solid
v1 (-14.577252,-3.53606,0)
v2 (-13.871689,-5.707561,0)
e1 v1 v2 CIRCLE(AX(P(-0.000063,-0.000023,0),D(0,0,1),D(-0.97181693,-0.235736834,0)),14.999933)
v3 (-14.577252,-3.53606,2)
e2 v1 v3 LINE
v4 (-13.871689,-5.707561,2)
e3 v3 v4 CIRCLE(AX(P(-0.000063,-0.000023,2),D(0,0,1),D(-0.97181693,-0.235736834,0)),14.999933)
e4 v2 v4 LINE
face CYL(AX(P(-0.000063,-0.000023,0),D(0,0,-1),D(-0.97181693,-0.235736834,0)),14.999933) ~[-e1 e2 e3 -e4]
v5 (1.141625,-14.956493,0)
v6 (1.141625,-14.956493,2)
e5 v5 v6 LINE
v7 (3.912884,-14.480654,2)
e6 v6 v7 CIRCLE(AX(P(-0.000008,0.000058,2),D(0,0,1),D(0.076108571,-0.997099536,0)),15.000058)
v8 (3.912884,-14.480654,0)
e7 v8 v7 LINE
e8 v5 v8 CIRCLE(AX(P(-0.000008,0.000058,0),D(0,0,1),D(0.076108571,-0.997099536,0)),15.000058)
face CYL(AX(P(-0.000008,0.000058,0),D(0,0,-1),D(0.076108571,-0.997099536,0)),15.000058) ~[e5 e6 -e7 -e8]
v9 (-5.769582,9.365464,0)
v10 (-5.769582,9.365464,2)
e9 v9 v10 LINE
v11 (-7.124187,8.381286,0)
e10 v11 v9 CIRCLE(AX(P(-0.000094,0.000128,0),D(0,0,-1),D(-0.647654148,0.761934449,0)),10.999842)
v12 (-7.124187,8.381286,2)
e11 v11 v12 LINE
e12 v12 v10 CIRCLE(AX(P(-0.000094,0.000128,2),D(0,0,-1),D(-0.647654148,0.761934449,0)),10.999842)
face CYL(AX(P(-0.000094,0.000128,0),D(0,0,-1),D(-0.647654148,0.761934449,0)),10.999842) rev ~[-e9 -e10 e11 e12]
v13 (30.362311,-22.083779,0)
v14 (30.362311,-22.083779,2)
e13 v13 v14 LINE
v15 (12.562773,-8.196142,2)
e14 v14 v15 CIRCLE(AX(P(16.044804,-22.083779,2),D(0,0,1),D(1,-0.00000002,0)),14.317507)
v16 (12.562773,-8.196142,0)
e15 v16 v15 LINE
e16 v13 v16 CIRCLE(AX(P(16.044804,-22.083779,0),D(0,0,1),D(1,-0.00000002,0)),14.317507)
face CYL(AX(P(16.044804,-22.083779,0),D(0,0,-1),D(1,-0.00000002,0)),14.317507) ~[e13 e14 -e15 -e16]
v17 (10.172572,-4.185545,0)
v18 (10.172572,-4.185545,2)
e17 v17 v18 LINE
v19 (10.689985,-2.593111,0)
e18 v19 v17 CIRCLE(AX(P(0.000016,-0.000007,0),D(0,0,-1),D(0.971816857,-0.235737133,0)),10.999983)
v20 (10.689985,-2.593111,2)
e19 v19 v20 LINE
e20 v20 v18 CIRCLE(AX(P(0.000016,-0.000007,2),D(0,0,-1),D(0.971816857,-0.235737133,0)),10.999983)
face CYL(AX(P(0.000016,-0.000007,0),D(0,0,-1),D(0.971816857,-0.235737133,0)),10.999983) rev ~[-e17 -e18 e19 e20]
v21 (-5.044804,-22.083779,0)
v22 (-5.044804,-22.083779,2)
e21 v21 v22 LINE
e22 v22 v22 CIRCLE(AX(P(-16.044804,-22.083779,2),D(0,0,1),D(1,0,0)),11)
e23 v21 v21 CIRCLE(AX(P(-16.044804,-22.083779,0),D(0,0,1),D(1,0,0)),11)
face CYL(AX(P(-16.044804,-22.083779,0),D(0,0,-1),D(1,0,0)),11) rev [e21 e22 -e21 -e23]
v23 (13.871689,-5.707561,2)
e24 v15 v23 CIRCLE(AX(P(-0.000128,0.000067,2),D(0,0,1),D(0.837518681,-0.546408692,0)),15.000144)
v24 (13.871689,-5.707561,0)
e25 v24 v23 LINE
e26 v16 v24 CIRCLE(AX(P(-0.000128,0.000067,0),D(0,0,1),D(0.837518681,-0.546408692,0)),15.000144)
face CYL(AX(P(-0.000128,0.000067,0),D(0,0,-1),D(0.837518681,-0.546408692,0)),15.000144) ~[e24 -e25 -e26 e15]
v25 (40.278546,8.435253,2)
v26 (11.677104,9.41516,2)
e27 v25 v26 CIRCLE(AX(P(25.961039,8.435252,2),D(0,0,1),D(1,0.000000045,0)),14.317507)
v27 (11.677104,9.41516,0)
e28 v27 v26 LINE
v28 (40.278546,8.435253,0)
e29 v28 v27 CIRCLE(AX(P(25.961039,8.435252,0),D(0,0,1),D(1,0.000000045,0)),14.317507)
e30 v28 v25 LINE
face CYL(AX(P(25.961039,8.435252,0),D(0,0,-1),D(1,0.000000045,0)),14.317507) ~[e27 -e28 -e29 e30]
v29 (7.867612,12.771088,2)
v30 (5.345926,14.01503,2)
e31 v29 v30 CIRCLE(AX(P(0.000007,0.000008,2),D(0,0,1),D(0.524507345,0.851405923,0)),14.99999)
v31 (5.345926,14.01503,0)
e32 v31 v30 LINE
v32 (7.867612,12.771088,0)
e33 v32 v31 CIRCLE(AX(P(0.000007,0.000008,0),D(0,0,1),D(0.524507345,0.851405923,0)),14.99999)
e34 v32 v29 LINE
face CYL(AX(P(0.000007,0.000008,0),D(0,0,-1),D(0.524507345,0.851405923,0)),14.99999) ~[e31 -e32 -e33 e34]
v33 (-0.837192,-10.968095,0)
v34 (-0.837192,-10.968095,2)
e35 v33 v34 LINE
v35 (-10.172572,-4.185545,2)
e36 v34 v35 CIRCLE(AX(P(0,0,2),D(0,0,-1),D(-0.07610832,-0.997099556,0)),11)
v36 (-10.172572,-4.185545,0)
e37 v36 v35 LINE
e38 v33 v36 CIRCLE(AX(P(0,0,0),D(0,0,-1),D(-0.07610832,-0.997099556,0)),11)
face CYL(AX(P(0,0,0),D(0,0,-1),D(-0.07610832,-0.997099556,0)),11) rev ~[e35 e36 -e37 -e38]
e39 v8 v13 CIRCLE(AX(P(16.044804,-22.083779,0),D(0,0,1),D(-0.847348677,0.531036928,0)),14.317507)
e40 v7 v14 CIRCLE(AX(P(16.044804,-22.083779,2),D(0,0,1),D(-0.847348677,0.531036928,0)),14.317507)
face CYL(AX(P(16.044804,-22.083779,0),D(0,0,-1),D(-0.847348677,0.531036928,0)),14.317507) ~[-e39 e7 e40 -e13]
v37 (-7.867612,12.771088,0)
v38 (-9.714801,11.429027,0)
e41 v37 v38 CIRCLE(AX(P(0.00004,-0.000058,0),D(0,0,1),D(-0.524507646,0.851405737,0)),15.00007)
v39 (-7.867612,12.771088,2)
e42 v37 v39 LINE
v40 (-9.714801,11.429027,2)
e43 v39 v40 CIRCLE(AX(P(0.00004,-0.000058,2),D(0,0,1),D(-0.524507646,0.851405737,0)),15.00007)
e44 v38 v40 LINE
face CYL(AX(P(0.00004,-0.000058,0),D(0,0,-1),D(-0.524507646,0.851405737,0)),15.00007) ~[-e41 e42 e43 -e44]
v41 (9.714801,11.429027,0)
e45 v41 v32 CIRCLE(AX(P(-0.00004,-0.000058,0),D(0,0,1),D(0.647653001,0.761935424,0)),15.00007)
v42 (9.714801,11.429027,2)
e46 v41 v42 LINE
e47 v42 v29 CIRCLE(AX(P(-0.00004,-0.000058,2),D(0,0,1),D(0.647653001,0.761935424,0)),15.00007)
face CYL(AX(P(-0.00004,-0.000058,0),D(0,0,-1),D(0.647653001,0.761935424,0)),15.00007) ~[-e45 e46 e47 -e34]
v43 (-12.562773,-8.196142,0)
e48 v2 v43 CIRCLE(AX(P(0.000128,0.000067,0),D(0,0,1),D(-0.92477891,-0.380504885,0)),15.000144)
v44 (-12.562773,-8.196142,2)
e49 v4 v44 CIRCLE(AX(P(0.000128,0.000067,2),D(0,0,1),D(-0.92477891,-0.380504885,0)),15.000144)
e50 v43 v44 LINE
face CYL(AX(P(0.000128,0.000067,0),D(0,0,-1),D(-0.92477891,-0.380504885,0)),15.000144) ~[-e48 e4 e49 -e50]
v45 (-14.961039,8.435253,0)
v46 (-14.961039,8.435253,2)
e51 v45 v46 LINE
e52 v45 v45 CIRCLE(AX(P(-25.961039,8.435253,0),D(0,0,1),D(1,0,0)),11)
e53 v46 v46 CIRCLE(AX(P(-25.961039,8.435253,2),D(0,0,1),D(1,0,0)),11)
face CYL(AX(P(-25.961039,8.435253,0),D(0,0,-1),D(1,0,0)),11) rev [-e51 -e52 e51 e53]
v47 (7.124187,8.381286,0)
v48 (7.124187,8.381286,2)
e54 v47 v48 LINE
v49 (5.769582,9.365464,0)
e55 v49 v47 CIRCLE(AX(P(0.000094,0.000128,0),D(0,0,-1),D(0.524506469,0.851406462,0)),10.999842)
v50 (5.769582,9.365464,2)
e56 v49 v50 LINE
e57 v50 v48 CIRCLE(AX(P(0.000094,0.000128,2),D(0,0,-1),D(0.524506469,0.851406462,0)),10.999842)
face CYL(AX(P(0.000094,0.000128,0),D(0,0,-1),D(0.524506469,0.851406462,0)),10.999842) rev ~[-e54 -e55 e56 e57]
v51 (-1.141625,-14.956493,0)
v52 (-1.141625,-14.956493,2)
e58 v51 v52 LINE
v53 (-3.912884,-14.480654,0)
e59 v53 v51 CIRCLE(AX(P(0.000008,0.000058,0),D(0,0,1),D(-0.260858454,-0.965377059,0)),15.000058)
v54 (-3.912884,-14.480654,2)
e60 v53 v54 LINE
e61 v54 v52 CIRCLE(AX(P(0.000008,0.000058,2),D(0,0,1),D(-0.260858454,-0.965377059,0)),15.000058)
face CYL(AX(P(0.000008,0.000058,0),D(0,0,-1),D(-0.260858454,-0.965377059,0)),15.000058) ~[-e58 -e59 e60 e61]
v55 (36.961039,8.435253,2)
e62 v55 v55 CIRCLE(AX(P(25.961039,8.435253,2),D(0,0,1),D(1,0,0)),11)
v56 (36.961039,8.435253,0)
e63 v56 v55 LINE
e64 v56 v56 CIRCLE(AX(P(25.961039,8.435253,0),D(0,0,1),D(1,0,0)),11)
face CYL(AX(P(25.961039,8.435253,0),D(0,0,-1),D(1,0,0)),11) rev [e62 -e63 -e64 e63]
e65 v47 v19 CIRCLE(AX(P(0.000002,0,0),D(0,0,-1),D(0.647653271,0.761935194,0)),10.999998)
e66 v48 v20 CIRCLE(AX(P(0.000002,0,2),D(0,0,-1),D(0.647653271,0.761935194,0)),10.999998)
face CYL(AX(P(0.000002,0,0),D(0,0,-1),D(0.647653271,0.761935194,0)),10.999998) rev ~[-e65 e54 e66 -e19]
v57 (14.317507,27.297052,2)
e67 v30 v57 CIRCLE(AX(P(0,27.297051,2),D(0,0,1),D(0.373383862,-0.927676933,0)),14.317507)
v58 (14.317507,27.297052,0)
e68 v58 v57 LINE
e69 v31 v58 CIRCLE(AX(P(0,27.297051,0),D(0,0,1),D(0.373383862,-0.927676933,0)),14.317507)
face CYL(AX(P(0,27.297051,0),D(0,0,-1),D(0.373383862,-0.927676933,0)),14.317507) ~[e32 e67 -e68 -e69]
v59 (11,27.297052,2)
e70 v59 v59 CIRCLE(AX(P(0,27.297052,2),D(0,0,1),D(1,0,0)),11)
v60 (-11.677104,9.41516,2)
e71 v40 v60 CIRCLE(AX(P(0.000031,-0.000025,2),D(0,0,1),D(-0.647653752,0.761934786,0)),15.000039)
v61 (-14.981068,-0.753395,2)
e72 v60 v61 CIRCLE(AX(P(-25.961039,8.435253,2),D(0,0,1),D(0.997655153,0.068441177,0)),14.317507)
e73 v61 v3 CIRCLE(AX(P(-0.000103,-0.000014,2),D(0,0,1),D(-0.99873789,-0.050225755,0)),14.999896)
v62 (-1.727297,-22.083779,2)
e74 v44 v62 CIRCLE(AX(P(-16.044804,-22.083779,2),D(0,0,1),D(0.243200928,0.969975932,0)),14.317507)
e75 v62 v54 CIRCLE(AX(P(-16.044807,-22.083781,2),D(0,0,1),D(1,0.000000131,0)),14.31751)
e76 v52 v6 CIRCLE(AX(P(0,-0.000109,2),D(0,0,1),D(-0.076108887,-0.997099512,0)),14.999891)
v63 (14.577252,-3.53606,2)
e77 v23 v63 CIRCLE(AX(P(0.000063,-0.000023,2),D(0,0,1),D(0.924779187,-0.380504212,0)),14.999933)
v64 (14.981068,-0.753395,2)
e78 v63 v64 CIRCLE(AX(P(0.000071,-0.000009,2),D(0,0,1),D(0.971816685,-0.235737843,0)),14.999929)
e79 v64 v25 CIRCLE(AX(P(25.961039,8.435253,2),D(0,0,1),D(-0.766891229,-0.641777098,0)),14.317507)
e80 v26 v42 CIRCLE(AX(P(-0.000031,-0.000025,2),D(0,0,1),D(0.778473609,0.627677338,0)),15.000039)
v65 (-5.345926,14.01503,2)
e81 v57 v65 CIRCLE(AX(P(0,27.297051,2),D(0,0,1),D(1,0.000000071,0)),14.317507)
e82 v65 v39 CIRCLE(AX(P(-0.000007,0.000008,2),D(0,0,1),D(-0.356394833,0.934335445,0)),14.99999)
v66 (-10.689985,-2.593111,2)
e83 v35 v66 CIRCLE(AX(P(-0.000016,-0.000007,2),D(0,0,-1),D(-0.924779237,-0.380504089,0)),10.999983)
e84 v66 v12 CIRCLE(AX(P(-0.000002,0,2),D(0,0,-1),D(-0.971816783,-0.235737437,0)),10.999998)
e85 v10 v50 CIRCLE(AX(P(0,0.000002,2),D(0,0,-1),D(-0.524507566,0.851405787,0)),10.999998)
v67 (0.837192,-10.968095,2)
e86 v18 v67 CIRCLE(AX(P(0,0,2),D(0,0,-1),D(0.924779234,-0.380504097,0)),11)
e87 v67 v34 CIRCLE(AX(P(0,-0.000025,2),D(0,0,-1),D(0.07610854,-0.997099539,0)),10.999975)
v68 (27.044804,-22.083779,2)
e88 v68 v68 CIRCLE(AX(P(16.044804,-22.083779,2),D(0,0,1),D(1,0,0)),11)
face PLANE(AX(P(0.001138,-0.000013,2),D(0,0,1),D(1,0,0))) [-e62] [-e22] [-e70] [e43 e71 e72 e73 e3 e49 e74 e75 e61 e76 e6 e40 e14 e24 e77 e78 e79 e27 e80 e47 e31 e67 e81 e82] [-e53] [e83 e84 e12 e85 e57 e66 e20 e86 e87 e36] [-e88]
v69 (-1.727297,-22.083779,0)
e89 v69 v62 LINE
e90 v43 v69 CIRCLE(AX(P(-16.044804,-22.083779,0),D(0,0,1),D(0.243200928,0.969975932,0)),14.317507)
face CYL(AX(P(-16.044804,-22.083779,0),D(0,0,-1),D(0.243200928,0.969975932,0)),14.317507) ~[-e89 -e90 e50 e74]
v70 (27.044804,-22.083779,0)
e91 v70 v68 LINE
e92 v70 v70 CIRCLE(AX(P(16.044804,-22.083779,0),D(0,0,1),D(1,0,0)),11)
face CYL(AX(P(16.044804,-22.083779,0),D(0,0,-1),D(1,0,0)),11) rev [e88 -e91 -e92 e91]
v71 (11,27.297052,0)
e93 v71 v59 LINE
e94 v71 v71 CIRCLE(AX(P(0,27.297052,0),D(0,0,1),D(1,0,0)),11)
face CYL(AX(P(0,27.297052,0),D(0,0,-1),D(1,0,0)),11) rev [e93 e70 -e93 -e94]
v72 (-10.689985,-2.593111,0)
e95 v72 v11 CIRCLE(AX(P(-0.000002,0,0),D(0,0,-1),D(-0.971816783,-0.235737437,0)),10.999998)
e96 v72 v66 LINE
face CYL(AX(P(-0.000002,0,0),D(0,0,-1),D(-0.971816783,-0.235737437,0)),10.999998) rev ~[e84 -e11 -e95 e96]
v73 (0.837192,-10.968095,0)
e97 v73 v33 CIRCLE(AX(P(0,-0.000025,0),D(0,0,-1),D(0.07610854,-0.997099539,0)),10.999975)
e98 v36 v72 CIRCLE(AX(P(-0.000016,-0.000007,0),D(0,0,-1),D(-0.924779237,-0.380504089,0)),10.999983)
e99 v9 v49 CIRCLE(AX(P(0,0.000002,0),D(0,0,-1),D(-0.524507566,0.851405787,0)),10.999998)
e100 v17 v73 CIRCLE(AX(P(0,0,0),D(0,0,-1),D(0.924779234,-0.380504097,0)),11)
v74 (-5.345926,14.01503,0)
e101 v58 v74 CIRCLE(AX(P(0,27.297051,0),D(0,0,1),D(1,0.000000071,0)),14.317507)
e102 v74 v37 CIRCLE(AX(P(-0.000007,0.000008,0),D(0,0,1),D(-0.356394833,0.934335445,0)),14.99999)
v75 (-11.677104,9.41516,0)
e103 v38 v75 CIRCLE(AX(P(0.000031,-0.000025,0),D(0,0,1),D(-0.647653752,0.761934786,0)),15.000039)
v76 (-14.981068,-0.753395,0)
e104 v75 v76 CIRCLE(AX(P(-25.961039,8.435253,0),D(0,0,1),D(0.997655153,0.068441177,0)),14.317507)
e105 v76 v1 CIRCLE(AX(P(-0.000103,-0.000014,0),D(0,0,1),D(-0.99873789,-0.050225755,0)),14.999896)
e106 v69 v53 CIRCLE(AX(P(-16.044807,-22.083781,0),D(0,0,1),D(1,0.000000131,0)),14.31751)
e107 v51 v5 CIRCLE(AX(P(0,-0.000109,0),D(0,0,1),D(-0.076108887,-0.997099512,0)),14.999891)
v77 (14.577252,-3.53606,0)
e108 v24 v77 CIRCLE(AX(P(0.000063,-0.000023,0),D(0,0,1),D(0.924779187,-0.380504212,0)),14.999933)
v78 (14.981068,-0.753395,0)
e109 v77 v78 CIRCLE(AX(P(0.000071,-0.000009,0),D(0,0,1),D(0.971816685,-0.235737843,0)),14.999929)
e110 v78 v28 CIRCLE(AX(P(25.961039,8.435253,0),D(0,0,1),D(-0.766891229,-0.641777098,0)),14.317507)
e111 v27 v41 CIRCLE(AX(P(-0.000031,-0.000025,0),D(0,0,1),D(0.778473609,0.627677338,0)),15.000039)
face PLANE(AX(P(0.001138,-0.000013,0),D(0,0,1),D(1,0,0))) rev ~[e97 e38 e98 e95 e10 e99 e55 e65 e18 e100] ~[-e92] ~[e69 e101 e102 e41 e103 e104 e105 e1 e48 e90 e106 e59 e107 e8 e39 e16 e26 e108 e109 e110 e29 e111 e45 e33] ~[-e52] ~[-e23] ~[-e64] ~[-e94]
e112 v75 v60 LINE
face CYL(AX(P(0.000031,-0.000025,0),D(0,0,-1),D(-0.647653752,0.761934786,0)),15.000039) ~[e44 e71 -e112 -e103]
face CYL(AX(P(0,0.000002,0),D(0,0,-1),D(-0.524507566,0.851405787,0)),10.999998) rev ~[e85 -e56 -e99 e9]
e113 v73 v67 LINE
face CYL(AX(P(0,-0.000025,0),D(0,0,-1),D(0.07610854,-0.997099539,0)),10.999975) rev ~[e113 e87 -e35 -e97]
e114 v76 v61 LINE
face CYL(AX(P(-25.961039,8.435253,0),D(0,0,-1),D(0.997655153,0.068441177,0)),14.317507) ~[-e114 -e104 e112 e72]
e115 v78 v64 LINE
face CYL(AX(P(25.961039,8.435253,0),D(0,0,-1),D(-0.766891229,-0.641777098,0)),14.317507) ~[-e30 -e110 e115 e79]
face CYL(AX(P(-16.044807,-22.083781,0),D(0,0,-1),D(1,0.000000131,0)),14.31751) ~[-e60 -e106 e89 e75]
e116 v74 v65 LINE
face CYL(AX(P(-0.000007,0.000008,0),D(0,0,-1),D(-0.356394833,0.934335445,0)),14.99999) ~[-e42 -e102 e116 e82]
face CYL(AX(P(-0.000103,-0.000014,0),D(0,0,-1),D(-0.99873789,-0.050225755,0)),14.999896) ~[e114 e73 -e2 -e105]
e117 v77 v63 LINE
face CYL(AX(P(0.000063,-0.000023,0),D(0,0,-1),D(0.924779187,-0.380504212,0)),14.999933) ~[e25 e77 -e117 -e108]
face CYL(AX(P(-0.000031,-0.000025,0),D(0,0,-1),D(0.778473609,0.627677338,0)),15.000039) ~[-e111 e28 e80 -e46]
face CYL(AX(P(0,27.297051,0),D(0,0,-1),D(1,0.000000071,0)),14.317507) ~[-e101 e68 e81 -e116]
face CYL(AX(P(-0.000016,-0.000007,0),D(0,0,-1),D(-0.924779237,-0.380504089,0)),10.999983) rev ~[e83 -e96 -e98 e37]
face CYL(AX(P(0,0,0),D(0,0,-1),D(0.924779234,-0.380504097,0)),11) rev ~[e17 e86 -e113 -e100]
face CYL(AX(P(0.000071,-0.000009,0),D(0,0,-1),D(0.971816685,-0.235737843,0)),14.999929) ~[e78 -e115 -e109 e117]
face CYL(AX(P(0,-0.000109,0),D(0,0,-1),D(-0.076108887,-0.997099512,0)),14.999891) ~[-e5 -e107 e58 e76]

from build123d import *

# Parameters (mm, degrees)
F0_R     = 11
F1_DEPTH = 2


with BuildPart() as f1:
    # F0 (on Top) → F1 (new body)
    with BuildSketch(Plane.XY):
        with BuildLine():
            ThreePointArc((9.714801, 11.429027), (8.816779, 12.135255), (7.867612, 12.771088))
            ThreePointArc((7.867612, 12.771088), (6.635981, 13.452277), (5.345926, 14.01503))
            ThreePointArc((5.345926, 14.01503), (0, 12.979545), (-5.345926, 14.01503))
            ThreePointArc((-5.345926, 14.01503), (-6.635981, 13.452277), (-7.867612, 12.771088))
            ThreePointArc((-7.867612, 12.771088), (-8.816779, 12.135255), (-9.714801, 11.429027))
            ThreePointArc((-9.714801, 11.429027), (-10.743245, 10.468175), (-11.677104, 9.41516))
            ThreePointArc((-11.677104, 9.41516), (-11.651927, 8.925494), (-11.643532, 8.435253))
            ThreePointArc((-11.643532, 8.435253), (-12.503758, 3.547247), (-14.981068, -0.753395))
            ThreePointArc((-14.981068, -0.753395), (-14.844507, -2.154211), (-14.577252, -3.53606))
            ThreePointArc((-14.577252, -3.53606), (-14.265848, -4.635255), (-13.871689, -5.707561))
            ThreePointArc((-13.871689, -5.707561), (-13.275671, -6.982589), (-12.562773, -8.196142))
            ThreePointArc((-12.562773, -8.196142), (-7.629185, -10.500672), (-3.912884, -14.480654))
            ThreePointArc((-3.912884, -14.480654), (-2.538429, -14.783652), (-1.141625, -14.956493))
            ThreePointArc((-1.141625, -14.956493), (0, -15), (1.141625, -14.956493))
            ThreePointArc((1.141625, -14.956493), (2.538429, -14.783652), (3.912884, -14.480654))
            ThreePointArc((3.912884, -14.480654), (7.629185, -10.500672), (12.562773, -8.196142))
            ThreePointArc((12.562773, -8.196142), (13.275671, -6.982589), (13.871689, -5.707561))
            ThreePointArc((13.871689, -5.707561), (14.265848, -4.635255), (14.577252, -3.53606))
            ThreePointArc((14.577252, -3.53606), (14.844507, -2.15421), (14.981068, -0.753395))
            ThreePointArc((14.981068, -0.753395), (12.344281, 4.0109), (11.677104, 9.41516))
            ThreePointArc((11.677104, 9.41516), (10.743245, 10.468175), (9.714801, 11.429027))
        make_face()
        with BuildLine():
            ThreePointArc((-5.769582, 9.365464), (0, 11), (5.769582, 9.365464))
            ThreePointArc((5.769582, 9.365464), (6.465638, 8.899187), (7.124187, 8.381286))
            ThreePointArc((7.124187, 8.381286), (10.461622, 3.399187), (10.689985, -2.593111))
            ThreePointArc((10.689985, -2.593111), (10.461622, -3.399187), (10.172572, -4.185545))
            ThreePointArc((10.172572, -4.185545), (6.465638, -8.899187), (0.837192, -10.968095))
            ThreePointArc((0.837192, -10.968095), (0, -11), (-0.837192, -10.968095))
            ThreePointArc((-0.837192, -10.968095), (-6.465638, -8.899187), (-10.172572, -4.185545))
            ThreePointArc((-10.172572, -4.185545), (-10.461622, -3.399187), (-10.689985, -2.593111))
            ThreePointArc((-10.689985, -2.593111), (-10.461622, 3.399187), (-7.124187, 8.381286))
            ThreePointArc((-7.124187, 8.381286), (-6.465638, 8.899187), (-5.769582, 9.365464))
        make_face(mode=Mode.SUBTRACT)
        with BuildLine():
            ThreePointArc((-5.345926, 14.01503), (0, 12.979545), (5.345926, 14.01503))
            ThreePointArc((5.345926, 14.01503), (11.864471, 19.28298), (14.317507, 27.297052))
            ThreePointArc((14.317507, 27.297052), (-8.014071, 39.161522), (-5.345926, 14.01503))
        make_face()
        with Locations((0, 27.297052)):
            Circle(F0_R, mode=Mode.SUBTRACT)
        with BuildLine():
            ThreePointArc((40.278546, 8.435253), (26.45128, 22.744364), (11.677104, 9.41516))
            ThreePointArc((11.677104, 9.41516), (12.344281, 4.0109), (14.981068, -0.753395))
            ThreePointArc((14.981068, -0.753395), (30.849044, -5.022028), (40.278546, 8.435253))
        make_face()
        with Locations((25.961039, 8.435253)):
            Circle(F0_R, mode=Mode.SUBTRACT)
        with BuildLine():
            ThreePointArc((-11.643532, 8.435253), (-11.651927, 8.925494), (-11.677104, 9.41516))
            ThreePointArc((-11.677104, 9.41516), (-39.577797, 12.859606), (-14.981068, -0.753395))
            ThreePointArc((-14.981068, -0.753395), (-12.503758, 3.547247), (-11.643532, 8.435253))
        make_face()
        with Locations((-25.961039, 8.435253)):
            Circle(F0_R, mode=Mode.SUBTRACT)
        with BuildLine():
            ThreePointArc((30.362311, -22.083779), (24.852102, -10.795621), (12.562773, -8.196142))
            ThreePointArc((12.562773, -8.196142), (7.629185, -10.500672), (3.912884, -14.480654))
            ThreePointArc((3.912884, -14.480654), (12.089293, -35.844045), (30.362311, -22.083779))
        make_face()
        with Locations((16.044804, -22.083779)):
            Circle(F0_R, mode=Mode.SUBTRACT)
        with BuildLine():
            ThreePointArc((-3.912884, -14.480654), (-7.629185, -10.500672), (-12.562773, -8.196142))
            ThreePointArc((-12.562773, -8.196142), (-27.332962, -30.891077), (-1.727297, -22.083779))
            ThreePointArc((-1.727297, -22.083779), (-2.284538, -18.128267), (-3.912884, -14.480654))
        make_face()
        with Locations((-16.044804, -22.083779)):
            Circle(F0_R, mode=Mode.SUBTRACT)
    extrude(amount=F1_DEPTH)


solid = f1.part
